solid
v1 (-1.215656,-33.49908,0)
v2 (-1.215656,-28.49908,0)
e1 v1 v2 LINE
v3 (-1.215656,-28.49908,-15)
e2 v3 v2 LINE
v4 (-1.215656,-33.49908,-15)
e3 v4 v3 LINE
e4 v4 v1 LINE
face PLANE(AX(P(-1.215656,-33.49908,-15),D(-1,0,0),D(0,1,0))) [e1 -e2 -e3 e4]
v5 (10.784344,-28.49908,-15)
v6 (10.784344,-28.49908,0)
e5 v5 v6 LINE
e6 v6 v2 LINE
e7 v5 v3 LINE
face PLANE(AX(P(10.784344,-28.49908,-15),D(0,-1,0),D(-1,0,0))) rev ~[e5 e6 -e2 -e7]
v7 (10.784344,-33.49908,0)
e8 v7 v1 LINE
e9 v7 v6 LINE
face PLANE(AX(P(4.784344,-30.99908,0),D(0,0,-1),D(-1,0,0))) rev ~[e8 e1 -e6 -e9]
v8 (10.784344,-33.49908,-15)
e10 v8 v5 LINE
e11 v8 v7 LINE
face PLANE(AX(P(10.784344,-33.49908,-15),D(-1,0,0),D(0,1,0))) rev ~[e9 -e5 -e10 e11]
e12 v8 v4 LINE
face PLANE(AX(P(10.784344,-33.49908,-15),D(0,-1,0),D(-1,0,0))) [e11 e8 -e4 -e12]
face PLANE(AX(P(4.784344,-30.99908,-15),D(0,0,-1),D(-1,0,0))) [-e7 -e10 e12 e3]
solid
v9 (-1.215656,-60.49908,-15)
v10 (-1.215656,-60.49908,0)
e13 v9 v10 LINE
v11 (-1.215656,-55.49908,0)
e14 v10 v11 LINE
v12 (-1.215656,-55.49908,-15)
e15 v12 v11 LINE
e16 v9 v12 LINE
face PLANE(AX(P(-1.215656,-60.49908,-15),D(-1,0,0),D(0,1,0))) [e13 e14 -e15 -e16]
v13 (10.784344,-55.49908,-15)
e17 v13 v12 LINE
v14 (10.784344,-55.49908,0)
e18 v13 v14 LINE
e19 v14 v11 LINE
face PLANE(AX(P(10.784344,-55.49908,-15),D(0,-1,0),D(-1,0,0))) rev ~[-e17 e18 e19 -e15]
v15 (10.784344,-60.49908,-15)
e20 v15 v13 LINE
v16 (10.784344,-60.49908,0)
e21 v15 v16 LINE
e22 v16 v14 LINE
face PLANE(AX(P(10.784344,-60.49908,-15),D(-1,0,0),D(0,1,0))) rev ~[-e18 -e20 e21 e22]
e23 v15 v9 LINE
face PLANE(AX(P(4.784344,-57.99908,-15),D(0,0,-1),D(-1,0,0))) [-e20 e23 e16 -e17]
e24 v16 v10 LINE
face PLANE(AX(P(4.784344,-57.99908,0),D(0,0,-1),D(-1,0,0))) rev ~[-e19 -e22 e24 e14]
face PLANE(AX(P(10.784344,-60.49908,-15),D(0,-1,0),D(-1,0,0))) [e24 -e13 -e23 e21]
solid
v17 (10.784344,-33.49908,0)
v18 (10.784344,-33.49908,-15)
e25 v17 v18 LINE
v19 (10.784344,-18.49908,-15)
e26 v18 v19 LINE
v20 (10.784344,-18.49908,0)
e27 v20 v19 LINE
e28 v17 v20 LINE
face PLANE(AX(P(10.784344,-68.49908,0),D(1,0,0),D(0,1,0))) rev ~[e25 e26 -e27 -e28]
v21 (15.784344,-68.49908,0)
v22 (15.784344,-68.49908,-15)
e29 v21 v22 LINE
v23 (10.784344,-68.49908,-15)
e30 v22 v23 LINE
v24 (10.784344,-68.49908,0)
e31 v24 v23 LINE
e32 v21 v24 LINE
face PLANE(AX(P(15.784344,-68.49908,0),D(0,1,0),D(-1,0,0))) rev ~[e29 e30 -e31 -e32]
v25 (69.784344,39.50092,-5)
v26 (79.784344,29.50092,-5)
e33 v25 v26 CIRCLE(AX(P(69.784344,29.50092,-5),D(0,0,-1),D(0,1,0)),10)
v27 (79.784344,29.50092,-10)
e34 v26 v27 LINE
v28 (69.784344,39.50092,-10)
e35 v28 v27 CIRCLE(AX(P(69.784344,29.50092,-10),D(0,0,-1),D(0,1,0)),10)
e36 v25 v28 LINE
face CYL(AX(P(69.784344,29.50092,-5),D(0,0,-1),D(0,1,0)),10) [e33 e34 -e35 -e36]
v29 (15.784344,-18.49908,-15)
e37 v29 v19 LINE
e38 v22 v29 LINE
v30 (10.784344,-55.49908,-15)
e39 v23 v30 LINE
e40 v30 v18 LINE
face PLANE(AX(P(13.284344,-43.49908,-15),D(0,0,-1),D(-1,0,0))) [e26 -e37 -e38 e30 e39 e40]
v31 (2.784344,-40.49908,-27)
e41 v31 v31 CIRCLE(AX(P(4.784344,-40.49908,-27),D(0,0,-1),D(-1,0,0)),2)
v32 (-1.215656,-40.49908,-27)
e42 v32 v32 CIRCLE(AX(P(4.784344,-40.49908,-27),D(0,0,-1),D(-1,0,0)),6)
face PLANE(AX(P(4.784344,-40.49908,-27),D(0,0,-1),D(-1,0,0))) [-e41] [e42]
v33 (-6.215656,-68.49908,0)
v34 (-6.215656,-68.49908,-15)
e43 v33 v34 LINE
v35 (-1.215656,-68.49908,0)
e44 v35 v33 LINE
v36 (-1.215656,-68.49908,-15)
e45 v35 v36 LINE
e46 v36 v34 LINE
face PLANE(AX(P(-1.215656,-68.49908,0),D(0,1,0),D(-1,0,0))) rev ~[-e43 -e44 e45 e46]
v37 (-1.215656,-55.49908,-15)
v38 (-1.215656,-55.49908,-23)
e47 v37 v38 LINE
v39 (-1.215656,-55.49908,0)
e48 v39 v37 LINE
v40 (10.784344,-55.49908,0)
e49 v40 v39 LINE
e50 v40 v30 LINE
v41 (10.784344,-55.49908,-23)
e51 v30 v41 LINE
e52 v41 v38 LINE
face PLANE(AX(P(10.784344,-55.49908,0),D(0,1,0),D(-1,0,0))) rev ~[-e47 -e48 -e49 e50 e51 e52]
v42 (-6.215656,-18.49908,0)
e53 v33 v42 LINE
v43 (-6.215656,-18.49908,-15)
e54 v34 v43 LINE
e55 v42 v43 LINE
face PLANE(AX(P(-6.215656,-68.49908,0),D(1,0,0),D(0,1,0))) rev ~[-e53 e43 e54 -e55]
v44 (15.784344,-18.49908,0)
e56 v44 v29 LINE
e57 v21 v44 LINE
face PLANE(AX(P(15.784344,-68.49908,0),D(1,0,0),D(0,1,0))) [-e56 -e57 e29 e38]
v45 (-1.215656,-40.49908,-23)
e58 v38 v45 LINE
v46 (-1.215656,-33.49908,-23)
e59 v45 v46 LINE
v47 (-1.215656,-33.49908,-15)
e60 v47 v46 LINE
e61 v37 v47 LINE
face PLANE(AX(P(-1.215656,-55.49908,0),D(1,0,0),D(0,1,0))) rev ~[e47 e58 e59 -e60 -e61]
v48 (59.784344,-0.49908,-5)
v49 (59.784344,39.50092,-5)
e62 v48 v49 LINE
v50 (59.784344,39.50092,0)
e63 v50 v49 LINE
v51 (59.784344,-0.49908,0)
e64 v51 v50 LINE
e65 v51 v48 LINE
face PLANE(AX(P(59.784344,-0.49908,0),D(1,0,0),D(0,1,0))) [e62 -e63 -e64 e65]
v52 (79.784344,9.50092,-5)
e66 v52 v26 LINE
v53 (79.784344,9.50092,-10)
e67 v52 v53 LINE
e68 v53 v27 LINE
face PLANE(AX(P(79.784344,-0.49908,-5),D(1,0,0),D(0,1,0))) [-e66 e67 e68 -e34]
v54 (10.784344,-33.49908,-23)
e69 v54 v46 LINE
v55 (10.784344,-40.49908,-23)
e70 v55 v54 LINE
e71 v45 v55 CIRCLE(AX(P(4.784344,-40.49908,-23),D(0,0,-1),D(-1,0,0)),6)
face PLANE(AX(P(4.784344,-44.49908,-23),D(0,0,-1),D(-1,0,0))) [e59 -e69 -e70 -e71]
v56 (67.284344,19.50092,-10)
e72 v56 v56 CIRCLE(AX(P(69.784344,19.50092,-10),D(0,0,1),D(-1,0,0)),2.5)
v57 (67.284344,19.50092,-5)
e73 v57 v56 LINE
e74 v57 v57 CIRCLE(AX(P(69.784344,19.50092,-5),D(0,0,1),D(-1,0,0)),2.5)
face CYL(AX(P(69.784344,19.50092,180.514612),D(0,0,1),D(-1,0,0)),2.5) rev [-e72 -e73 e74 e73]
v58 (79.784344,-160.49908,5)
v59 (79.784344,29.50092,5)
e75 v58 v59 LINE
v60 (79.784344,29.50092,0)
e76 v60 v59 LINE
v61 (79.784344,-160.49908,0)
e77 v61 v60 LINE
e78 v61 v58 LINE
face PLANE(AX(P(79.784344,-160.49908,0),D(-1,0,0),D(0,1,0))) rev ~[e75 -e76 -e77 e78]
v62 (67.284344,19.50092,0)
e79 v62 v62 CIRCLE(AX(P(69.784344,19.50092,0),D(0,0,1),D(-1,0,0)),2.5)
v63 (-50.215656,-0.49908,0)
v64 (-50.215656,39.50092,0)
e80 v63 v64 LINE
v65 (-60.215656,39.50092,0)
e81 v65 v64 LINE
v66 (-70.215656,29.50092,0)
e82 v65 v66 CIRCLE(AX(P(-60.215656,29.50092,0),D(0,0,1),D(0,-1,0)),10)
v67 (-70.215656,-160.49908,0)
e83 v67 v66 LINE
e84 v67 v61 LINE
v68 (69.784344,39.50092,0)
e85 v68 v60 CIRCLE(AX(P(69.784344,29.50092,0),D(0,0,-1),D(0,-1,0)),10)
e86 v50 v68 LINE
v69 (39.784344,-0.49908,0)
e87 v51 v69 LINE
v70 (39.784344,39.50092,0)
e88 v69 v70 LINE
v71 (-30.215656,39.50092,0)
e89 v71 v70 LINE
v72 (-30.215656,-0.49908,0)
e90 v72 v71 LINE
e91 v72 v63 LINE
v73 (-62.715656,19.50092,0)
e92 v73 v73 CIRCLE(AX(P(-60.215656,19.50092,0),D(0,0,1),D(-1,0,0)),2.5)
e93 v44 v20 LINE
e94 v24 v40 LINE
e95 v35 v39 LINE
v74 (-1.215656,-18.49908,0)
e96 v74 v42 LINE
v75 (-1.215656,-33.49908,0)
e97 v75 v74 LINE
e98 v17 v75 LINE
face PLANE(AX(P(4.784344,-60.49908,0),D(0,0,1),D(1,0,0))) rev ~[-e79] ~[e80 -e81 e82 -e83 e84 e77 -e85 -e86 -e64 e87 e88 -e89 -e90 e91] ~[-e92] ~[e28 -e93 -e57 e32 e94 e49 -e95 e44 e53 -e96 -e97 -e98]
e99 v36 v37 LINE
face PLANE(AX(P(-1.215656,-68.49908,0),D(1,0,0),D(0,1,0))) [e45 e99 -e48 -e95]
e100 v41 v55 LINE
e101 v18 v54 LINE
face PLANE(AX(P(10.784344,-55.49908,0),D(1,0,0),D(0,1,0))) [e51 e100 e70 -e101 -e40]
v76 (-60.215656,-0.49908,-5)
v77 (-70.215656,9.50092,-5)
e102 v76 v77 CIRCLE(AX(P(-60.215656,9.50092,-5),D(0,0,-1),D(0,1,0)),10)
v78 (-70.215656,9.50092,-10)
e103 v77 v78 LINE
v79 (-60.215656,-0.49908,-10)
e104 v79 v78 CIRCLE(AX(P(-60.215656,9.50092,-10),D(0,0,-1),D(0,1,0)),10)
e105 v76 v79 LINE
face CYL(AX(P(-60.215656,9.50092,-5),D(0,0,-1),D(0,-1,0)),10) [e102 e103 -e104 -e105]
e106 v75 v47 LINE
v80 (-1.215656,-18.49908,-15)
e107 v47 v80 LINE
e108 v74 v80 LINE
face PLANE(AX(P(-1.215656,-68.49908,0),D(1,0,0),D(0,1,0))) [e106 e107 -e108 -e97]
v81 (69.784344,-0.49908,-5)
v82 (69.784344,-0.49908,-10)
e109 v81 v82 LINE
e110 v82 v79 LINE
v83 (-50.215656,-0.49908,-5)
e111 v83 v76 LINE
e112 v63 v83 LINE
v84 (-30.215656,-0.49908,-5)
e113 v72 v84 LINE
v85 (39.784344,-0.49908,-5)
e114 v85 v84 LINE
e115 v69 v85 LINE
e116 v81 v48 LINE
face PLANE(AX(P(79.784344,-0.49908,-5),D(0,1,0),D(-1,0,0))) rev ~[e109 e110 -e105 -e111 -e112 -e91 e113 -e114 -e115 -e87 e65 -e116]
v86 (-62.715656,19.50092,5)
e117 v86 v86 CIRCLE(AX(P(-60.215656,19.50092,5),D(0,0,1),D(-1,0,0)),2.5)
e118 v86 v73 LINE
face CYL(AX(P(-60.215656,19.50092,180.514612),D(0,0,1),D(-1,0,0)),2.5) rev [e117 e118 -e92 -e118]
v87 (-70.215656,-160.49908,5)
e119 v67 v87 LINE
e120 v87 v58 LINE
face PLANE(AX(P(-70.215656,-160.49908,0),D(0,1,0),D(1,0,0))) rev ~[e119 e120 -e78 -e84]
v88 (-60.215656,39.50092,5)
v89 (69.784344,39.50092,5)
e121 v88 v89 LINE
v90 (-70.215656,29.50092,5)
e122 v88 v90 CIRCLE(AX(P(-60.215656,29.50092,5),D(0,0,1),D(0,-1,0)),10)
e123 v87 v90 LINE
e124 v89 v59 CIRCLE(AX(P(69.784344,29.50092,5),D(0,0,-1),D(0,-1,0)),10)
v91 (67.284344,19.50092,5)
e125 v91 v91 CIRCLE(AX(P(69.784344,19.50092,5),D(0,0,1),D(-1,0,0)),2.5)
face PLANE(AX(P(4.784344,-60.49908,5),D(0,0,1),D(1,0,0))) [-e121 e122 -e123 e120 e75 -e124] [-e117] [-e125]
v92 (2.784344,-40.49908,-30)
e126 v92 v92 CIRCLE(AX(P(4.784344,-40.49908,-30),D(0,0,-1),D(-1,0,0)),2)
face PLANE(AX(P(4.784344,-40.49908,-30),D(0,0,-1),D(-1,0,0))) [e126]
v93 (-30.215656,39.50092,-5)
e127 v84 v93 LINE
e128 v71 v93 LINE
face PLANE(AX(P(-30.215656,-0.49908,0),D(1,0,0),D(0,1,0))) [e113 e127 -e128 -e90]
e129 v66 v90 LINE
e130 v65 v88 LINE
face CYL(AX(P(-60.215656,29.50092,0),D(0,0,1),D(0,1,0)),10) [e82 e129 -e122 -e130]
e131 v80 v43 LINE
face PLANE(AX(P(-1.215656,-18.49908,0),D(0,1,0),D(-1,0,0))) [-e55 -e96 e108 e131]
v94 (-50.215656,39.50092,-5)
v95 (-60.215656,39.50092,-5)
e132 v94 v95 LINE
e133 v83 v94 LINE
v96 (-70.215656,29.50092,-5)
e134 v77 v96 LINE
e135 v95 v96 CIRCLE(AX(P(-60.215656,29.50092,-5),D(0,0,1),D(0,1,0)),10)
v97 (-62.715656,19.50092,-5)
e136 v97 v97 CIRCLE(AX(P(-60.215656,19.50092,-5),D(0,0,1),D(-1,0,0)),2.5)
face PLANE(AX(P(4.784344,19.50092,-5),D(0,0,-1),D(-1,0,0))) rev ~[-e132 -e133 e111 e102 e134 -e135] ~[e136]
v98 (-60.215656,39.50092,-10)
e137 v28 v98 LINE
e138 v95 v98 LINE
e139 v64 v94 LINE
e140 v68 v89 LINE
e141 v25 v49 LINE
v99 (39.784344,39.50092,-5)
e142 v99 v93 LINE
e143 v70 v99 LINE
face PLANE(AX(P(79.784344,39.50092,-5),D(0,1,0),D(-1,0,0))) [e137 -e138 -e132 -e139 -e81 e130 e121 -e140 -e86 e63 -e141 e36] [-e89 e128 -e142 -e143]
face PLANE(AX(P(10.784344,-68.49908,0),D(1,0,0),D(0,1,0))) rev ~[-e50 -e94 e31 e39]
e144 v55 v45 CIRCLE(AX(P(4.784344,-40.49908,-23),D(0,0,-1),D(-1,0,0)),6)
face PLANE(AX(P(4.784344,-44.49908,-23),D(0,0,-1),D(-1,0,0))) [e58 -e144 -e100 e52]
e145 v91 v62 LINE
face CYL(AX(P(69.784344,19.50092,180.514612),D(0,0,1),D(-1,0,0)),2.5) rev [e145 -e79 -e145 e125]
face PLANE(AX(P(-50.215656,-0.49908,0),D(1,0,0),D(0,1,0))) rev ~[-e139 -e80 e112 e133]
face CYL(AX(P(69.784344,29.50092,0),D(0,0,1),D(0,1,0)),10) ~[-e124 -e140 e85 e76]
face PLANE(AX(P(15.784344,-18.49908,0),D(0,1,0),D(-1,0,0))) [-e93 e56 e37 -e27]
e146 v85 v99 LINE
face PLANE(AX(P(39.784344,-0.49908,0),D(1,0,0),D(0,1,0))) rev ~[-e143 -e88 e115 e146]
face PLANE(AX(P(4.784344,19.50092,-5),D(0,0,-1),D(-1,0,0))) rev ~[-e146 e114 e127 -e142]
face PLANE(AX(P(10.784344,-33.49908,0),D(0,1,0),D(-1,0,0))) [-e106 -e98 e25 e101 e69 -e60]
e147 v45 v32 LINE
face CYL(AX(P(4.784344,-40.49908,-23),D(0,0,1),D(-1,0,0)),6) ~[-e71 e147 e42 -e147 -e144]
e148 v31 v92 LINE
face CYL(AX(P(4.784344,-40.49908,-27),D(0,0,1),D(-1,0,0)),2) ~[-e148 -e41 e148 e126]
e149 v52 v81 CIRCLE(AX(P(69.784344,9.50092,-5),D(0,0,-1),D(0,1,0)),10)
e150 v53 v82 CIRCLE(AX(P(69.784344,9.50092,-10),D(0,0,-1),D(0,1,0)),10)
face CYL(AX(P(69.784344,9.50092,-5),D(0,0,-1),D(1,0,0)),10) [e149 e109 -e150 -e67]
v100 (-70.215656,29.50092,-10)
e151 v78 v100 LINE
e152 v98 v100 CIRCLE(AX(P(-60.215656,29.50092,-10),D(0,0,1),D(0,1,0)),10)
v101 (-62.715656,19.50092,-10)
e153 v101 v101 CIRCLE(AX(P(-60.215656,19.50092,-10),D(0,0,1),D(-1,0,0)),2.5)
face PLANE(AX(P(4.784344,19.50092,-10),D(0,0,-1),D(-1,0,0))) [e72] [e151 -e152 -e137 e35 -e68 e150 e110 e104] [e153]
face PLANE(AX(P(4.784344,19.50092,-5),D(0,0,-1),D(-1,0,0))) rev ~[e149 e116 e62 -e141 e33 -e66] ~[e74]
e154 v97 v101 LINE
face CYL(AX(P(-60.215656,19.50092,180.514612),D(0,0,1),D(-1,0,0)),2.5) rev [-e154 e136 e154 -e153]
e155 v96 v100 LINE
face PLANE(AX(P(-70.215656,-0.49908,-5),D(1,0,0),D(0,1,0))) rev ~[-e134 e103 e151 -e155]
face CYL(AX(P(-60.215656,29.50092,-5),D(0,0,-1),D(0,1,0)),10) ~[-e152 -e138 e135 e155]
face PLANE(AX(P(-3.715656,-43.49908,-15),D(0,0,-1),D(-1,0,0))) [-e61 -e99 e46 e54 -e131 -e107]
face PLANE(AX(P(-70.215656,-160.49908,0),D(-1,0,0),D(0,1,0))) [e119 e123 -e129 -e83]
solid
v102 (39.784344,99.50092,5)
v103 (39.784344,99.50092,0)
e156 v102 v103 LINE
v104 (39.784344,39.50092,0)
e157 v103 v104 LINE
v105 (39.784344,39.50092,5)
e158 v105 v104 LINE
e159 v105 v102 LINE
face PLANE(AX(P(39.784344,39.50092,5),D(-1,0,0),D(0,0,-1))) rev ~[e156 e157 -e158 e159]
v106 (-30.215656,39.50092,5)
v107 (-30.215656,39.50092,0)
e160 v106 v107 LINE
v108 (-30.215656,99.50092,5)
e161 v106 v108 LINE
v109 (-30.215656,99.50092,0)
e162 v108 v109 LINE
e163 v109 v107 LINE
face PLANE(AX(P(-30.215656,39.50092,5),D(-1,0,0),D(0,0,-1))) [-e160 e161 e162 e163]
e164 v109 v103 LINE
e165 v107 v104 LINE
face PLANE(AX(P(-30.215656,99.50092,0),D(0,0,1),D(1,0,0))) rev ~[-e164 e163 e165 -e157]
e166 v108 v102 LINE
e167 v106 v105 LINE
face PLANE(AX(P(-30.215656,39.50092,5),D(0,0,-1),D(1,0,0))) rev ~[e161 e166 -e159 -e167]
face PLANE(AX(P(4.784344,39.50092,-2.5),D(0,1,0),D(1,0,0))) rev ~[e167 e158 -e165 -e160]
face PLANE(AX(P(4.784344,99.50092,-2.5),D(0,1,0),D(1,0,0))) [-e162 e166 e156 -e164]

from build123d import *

# Parameters (mm, degrees)
SKETCH2_W               = 150
SKETCH2_H               = 200
BOSS_EXTRUDE1_DEPTH     = 5
SKETCH4_W               = 20
SKETCH4_H               = 40
BOSS_EXTRUDE2_DEPTH     = 5
SKETCH6_W               = 150
SKETCH6_H               = 40
BOSS_EXTRUDE3_DEPTH     = 5
CUT_EXTRUDE1_DEPTH      = 180.514612304
CUT_EXTRUDE1_DEPTH_BACK = 180.514612304
SKETCH7_R               = 2.5
FILLET1_R               = 10
FILLET2_R               = 10
FILLET3_R               = 10
FILLET4_R               = 10
FILLET5_R               = 10
FILLET6_R               = 10
SKETCH9_W               = 12
SKETCH9_H               = 22
BOSS_EXTRUDE4_DEPTH     = 23
SKETCH10_R              = 6
BOSS_EXTRUDE5_DEPTH     = 4
SKETCH11_R              = 2
BOSS_EXTRUDE6_DEPTH     = 3
SKETCH12_W              = 5
SKETCH12_H              = 50
BOSS_EXTRUDE7_DEPTH     = 15
SKETCH13_W              = 12
SKETCH13_H              = 5
BOSS_EXTRUDE10_DEPTH    = 15
BOSS_EXTRUDE10_2_DEPTH  = 15
SKETCH15_W              = 70
SKETCH15_H              = 15
BOSS_EXTRUDE11_DEPTH    = 60
SKETCH16_W              = 70
SKETCH16_H              = 10
CUT_EXTRUDE2_DEPTH      = 60


with BuildPart() as part:
    # Sketch2 → Boss-Extrude1 (new body)
    with BuildSketch(Plane.XY):
        with Locations((4.784343526, -60.49907962)):
            Rectangle(SKETCH2_W, SKETCH2_H)
    extrude(amount=BOSS_EXTRUDE1_DEPTH)

    # Sketch4 → Boss-Extrude2 (add)
    with BuildSketch(Plane(origin=(0, 0, 0), x_dir=(-1, 0, 0), z_dir=(0, 0, -1))):
        with Locations((-49.784343526, 19.50092038)):
            Rectangle(SKETCH4_W, SKETCH4_H)
        with Locations((40.215656474, 19.50092038)):
            Rectangle(SKETCH4_W, SKETCH4_H)
    extrude(amount=BOSS_EXTRUDE2_DEPTH)

    # Sketch6 → Boss-Extrude3 (add)
    with BuildSketch(Plane(origin=(0, 0, -5), x_dir=(-1, 0, 0), z_dir=(0, 0, -1))):
        with Locations((-4.784343526, 19.50092038)):
            Rectangle(SKETCH6_W, SKETCH6_H)
    extrude(amount=BOSS_EXTRUDE3_DEPTH)

    # Sketch7 → Cut-Extrude1 (cut, two sides: drawn at the far end of the back side and taken through both)
    with BuildSketch(Plane(origin=(0, 0, 0), x_dir=(-1, 0, 0), z_dir=(0, 0, -1)).offset(-CUT_EXTRUDE1_DEPTH_BACK)):
        with Locations((-69.784343526, 19.50092038)):
            Circle(SKETCH7_R)
        with Locations((60.215656474, 19.50092038)):
            Circle(SKETCH7_R)
    extrude(amount=CUT_EXTRUDE1_DEPTH + CUT_EXTRUDE1_DEPTH_BACK, mode=Mode.SUBTRACT)

    # Fillet1
    fillet1_edges = [part.edges().sort_by_distance(p)[0] for p in [
        (-70.215656474, 39.50092038, -7.5),
    ]]
    fillet(fillet1_edges, radius=FILLET1_R)

    # Fillet2
    fillet2_edges = [part.edges().sort_by_distance(p)[0] for p in [
        (-70.215656474, 39.50092038, 2.5),
    ]]
    fillet(fillet2_edges, radius=FILLET2_R)

    # Fillet3
    fillet3_edges = [part.edges().sort_by_distance(p)[0] for p in [
        (79.784343526, 39.50092038, 2.5),
    ]]
    fillet(fillet3_edges, radius=FILLET3_R)

    # Fillet4
    fillet4_edges = [part.edges().sort_by_distance(p)[0] for p in [
        (79.784343526, 39.50092038, -7.5),
    ]]
    fillet(fillet4_edges, radius=FILLET4_R)

    # Fillet5
    fillet5_edges = [part.edges().sort_by_distance(p)[0] for p in [
        (79.784343526, -0.49907962, -7.5),
    ]]
    fillet(fillet5_edges, radius=FILLET5_R)

    # Fillet6
    fillet6_edges = [part.edges().sort_by_distance(p)[0] for p in [
        (-70.215656474, -0.49907962, -7.5),
    ]]
    fillet(fillet6_edges, radius=FILLET6_R)

    # Sketch9 → Boss-Extrude4 (add)
    with BuildSketch(Plane(origin=(0, 0, 0), x_dir=(-1, 0, 0), z_dir=(0, 0, -1))):
        with Locations((-4.784343526, -44.49907962)):
            Rectangle(SKETCH9_W, SKETCH9_H)
    extrude(amount=BOSS_EXTRUDE4_DEPTH)

    # Sketch10 → Boss-Extrude5 (add)
    with BuildSketch(Plane(origin=(0, 0, -23), x_dir=(-1, 0, 0), z_dir=(0, 0, -1))):
        with Locations((-4.784343526, -40.49907962)):
            Circle(SKETCH10_R)
    extrude(amount=BOSS_EXTRUDE5_DEPTH)

    # Sketch11 → Boss-Extrude6 (add)
    with BuildSketch(Plane(origin=(0, 0, -27), x_dir=(-1, 0, 0), z_dir=(0, 0, -1))):
        with Locations((-4.784343526, -40.49907962)):
            Circle(SKETCH11_R)
    extrude(amount=BOSS_EXTRUDE6_DEPTH)

    # Sketch12 → Boss-Extrude7 (add)
    with BuildSketch(Plane(origin=(0, 0, 0), x_dir=(-1, 0, 0), z_dir=(0, 0, -1))):
        with Locations((-13.284343526, -43.49907962)):
            Rectangle(SKETCH12_W, SKETCH12_H)
        with Locations((3.715656474, -43.49907962)):
            Rectangle(SKETCH12_W, SKETCH12_H)
    extrude(amount=BOSS_EXTRUDE7_DEPTH)


with BuildPart() as body_2:
    # Sketch13 → Boss-Extrude10 (new body)
    with BuildSketch(Plane(origin=(0, 0, -15), x_dir=(-1, 0, 0), z_dir=(0, 0, -1))):
        with Locations((-4.784343526, -30.99907962)):
            Rectangle(SKETCH13_W, SKETCH13_H)
    extrude(amount=-BOSS_EXTRUDE10_DEPTH)


with BuildPart() as body_3:
    # Sketch13 → Boss-Extrude10 2 (new body)
    with BuildSketch(Plane(origin=(0, 0, -15), x_dir=(-1, 0, 0), z_dir=(0, 0, -1))):
        with Locations((-4.784343526, -57.99907962)):
            Rectangle(SKETCH13_W, SKETCH13_H)
    extrude(amount=-BOSS_EXTRUDE10_2_DEPTH)


with BuildPart() as body_4:
    # Sketch15 → Boss-Extrude11 (new body)
    with BuildSketch(Plane(origin=(0, 39.50092038, 0), x_dir=(1, 0, 0), z_dir=(0, 1, 0))):
        with Locations((4.784343526, 2.5)):
            Rectangle(SKETCH15_W, SKETCH15_H)
    extrude(amount=BOSS_EXTRUDE11_DEPTH)

    # Sketch16 → Cut-Extrude2 (cut)
    with BuildSketch(Plane(origin=(0, 99.50092038, 0), x_dir=(1, 0, 0), z_dir=(0, 1, 0))):
        with Locations((4.784343526, 5)):
            Rectangle(SKETCH16_W, SKETCH16_H)
    extrude(amount=-CUT_EXTRUDE2_DEPTH, mode=Mode.SUBTRACT)


solid = Compound([part.part, body_2.part, body_3.part, body_4.part])
